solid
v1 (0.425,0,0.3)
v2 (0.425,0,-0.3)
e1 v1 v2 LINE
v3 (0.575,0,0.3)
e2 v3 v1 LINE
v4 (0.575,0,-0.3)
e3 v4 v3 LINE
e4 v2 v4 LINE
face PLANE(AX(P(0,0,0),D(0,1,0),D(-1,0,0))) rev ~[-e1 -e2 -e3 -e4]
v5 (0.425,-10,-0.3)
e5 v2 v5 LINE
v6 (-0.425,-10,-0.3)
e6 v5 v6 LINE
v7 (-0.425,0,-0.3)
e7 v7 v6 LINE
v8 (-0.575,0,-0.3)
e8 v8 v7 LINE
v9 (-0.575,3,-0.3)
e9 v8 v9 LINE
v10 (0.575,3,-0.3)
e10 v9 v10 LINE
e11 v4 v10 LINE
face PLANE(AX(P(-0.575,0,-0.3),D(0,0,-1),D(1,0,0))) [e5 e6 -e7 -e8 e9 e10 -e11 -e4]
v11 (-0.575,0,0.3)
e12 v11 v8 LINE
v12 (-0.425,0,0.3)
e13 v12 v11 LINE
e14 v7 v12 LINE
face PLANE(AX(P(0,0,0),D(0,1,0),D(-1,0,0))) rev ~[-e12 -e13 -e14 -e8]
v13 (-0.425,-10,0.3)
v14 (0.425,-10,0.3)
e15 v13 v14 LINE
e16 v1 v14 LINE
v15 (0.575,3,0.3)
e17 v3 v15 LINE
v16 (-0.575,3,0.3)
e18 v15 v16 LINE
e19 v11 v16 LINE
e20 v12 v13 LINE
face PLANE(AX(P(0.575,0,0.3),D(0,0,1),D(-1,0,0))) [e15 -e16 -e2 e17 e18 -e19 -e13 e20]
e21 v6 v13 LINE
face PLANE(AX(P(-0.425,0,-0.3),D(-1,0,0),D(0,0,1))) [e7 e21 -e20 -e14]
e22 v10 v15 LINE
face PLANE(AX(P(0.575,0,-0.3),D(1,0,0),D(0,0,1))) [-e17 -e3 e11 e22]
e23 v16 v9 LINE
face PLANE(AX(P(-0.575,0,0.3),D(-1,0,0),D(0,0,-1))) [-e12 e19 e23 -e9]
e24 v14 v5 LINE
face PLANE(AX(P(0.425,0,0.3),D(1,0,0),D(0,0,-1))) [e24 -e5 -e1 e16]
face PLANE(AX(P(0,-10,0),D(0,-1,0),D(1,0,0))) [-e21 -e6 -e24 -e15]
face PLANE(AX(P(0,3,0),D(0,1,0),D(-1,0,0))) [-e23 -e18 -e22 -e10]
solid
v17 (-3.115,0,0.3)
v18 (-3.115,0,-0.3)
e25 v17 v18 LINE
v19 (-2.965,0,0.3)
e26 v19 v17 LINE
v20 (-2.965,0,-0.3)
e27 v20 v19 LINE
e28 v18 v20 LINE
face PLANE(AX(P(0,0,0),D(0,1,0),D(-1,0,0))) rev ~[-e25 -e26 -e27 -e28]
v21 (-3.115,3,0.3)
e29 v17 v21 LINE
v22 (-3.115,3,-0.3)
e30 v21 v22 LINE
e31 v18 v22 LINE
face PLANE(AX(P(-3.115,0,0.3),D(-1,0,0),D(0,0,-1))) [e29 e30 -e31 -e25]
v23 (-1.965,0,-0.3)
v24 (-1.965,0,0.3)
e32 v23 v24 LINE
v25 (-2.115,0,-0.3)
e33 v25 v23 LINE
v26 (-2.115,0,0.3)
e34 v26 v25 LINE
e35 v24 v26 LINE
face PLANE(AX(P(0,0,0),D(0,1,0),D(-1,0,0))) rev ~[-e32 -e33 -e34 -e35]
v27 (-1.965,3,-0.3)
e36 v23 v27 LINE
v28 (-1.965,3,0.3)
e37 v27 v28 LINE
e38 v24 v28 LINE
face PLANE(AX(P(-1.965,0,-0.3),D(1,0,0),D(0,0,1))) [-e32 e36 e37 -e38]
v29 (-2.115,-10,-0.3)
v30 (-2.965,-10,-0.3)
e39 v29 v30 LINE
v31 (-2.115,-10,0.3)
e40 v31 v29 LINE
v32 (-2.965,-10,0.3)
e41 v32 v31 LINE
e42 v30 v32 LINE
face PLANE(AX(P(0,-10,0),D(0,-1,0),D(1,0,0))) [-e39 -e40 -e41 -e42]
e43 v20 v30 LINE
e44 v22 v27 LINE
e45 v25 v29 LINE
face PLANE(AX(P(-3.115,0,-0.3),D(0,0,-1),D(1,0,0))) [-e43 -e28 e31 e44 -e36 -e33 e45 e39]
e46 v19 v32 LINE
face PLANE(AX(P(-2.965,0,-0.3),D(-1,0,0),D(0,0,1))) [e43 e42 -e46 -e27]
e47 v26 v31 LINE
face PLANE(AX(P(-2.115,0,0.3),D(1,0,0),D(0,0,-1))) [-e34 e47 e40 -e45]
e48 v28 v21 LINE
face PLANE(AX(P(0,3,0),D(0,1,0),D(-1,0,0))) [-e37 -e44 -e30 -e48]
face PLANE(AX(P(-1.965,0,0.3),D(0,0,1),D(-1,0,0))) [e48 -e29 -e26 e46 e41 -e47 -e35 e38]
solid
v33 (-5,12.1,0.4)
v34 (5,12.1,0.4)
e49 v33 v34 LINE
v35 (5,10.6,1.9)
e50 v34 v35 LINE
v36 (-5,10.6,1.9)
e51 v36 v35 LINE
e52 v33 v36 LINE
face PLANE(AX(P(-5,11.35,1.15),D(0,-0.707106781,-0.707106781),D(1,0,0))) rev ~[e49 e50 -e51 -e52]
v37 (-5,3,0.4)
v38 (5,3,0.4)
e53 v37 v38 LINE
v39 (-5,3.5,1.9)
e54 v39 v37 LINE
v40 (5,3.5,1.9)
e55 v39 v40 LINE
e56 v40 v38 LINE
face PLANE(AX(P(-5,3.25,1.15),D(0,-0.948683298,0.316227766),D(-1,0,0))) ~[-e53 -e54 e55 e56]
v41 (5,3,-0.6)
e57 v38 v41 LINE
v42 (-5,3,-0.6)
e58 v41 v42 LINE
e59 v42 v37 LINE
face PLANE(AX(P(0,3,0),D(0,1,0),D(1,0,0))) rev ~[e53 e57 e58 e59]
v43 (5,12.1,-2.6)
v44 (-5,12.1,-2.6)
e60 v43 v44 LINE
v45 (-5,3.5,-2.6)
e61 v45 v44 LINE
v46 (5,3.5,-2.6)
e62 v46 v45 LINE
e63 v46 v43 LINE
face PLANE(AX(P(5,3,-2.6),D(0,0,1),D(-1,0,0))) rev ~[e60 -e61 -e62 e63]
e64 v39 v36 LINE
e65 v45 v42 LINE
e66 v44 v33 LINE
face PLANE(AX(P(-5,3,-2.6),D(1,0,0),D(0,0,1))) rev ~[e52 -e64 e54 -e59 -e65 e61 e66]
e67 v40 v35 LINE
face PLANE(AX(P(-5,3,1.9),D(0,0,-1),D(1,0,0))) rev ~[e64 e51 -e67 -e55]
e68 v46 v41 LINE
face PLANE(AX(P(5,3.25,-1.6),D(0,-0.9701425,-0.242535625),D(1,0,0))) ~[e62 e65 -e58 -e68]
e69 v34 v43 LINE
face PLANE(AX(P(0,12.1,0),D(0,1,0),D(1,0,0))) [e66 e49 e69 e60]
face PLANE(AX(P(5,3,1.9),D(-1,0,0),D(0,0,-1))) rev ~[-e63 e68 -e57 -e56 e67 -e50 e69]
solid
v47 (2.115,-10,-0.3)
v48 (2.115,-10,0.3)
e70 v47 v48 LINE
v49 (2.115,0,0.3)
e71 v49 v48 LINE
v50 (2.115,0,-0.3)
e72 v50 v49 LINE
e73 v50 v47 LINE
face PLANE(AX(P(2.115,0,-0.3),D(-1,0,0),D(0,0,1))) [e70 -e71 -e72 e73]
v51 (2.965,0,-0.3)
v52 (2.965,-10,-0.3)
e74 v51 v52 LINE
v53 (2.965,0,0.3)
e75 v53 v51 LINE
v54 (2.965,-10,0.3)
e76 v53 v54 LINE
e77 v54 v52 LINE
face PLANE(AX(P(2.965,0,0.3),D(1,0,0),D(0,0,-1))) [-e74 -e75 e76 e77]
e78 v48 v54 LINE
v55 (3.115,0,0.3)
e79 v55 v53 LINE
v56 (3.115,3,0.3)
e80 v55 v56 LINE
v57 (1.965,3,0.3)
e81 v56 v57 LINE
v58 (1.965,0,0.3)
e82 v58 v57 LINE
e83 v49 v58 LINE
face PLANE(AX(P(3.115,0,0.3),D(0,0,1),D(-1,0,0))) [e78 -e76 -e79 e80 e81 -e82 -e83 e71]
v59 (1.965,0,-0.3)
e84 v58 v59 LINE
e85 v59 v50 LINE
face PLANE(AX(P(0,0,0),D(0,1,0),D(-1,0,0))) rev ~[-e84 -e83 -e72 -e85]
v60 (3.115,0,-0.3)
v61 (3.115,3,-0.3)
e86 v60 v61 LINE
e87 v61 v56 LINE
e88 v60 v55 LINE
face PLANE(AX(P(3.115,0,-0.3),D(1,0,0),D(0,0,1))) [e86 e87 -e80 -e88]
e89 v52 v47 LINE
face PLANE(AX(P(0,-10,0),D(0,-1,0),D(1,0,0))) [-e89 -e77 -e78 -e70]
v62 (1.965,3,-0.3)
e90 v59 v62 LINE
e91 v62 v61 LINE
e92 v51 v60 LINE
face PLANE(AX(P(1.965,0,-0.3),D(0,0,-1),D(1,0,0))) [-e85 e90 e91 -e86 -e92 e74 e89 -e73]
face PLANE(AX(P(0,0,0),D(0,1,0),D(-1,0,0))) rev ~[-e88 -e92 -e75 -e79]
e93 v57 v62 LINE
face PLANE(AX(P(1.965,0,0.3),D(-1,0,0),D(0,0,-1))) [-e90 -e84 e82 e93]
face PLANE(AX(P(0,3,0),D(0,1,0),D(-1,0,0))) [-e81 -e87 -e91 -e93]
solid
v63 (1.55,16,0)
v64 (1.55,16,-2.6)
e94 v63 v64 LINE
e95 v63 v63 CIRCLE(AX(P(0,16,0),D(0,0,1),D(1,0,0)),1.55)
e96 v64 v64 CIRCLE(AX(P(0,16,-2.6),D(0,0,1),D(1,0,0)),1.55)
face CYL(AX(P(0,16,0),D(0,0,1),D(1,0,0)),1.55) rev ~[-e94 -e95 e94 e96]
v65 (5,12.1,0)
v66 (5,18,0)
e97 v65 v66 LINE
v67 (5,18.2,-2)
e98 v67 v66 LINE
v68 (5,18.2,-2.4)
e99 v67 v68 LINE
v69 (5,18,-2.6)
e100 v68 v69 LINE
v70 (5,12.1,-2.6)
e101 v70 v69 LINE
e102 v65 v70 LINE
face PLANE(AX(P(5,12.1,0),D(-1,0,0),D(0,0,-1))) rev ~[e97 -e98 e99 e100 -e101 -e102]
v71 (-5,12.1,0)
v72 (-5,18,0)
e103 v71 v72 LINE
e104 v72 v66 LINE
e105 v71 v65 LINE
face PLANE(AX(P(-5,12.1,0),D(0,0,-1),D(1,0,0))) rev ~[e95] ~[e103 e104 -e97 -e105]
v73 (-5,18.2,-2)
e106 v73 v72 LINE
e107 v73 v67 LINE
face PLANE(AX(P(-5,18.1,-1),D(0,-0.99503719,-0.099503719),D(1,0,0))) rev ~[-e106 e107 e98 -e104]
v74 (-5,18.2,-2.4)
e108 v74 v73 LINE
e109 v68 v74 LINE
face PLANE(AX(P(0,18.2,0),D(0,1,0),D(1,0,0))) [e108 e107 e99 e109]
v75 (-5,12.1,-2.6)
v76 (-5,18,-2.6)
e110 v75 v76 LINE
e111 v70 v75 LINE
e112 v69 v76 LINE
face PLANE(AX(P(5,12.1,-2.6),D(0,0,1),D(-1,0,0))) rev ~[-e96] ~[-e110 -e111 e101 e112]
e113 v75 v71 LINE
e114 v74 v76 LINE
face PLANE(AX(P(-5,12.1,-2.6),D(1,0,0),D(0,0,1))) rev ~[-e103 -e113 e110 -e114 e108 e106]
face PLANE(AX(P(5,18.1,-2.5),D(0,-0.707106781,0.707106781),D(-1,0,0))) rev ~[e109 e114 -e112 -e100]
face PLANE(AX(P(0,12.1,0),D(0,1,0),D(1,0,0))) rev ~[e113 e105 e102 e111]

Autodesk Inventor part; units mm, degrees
ref_plane "YZ Plane" through (0, 0, 0) normal (1, 0, 0) x (0, 1, 0)
ref_plane "XZ Plane" through (0, 0, 0) normal (0, 1, 0) x (-1, 0, 0)
ref_plane "XY Plane" through (0, 0, 0) normal (0, 0, 1) x (1, 0, 0)
sketch "Sketch1" plane through (0, 0, 0) normal (0, 1, 0) x (-1, 0, 0)
  line L0 (3.115, -0.3) -> (1.965, -0.3)
  line L1 (1.965, -0.3) -> (1.965, 0.3)
  line L2 (1.965, 0.3) -> (3.115, 0.3)
  line L3 (3.115, 0.3) -> (3.115, -0.3)
  line L4 (0.575, -0.3) -> (-0.575, -0.3)
  line L5 (-0.575, -0.3) -> (-0.575, 0.3)
  line L6 (-0.575, 0.3) -> (0.575, 0.3)
  line L7 (0.575, 0.3) -> (0.575, -0.3)
  line L8 (-1.965, -0.3) -> (-3.115, -0.3)
  line L9 (-3.115, -0.3) -> (-3.115, 0.3)
  line L10 (-3.115, 0.3) -> (-1.965, 0.3)
  line L11 (-1.965, 0.3) -> (-1.965, -0.3)
  point P0 (0, 0)
  point P1 (3.115, 0)
  point P2 (2.54, 0.3)
  point P3 (0, 0.3)
  point P4 (0.575, 0)
  point P5 (-2.54, 0.3)
  point P6 (-1.965, 0)
  point P7 (0, 0.3)
  dimension "d0" = 1.15
  dimension "d1" = 0.6
  dimension "d4" = 2.54
extrude "Extrusion1" add sketch "Sketch1" along normal blind 3
sketch "Sketch2" plane through (0, 0, 0) normal (0, -1, 0) x (1, 0, 0)
  line L0 (-0.575, 0.3) -> (0.575, 0.3) projected
  line L1 (0.575, -0.3) -> (-0.575, -0.3) projected
  line L2 (-0.425, 0.3) -> (0.425, 0.3)
  line L3 (0.425, 0.3) -> (0.425, -0.3)
  line L4 (0.425, -0.3) -> (-0.425, -0.3)
  line L5 (-0.425, -0.3) -> (-0.425, 0.3)
  line L6 (-3.115, 0.3) -> (-1.965, 0.3) projected
  line L7 (-2.965, 0.3) -> (-2.115, 0.3)
  line L8 (-2.115, 0.3) -> (-2.115, -0.3)
  line L9 (-2.115, -0.3) -> (-2.965, -0.3)
  line L10 (-2.965, -0.3) -> (-2.965, 0.3)
  line L11 (1.965, 0.3) -> (3.115, 0.3) projected
  line L12 (3.115, -0.3) -> (1.965, -0.3) projected
  line L13 (2.115, 0.3) -> (2.965, 0.3)
  line L14 (2.965, 0.3) -> (2.965, -0.3)
  line L15 (2.965, -0.3) -> (2.115, -0.3)
  line L16 (2.115, -0.3) -> (2.115, 0.3)
  line L17 (-1.965, -0.3) -> (-3.115, -0.3) projected
  point P0 (0, 0)
  point P1 (-2.54, 0.3)
  point P2 (-2.54, -0.3)
  point P3 (0, -0.3)
  point P4 (2.54, -0.3)
  dimension "d11" = 0.85
  dimension "d12" = 0.85
  dimension "d13" = 0.85
  dimension "d14" = 2.54
extrude "Extrusion2" add sketch "Sketch2" along normal blind 10
sketch "Sketch3" plane through (0, 3, 0) normal (0, 1, 0) x (1, 0, 0)
  line L0 (5, 2.6) -> (-5, 2.6)
  line L1 (-5, 2.6) -> (-5, -1.9)
  line L2 (-5, -1.9) -> (5, -1.9)
  line L3 (5, -1.9) -> (5, 2.6)
  point P0 (0, 0)
  point P1 (0, -1.9)
  dimension "d17" = 4.5
  dimension "d18" = 2.6
  dimension "d19" = 10
extrude "Extrusion3" add sketch "Sketch3" along normal blind 9.1 separate body
sketch "Sketch4" plane through (0, 12.1, 0) normal (0, 1, 0) x (1, 0, 0)
  line L0 (5, 2.6) -> (-5, 2.6) projected
  line L1 (-5, 2.6) -> (-5, -1.9) projected
  line L2 (5, 2.6) -> (-5, 2.6)
  line L3 (-5, 2.6) -> (-5, 0)
  line L4 (-5, 0) -> (5, 0)
  line L5 (5, 0) -> (5, 2.6)
  point P0 (0, 0)
  dimension "d22" = 2.6
extrude "Extrusion4" add sketch "Sketch4" along normal blind 6.1 bodies 1
sketch "Sketch5" plane through (-5, 12.1, 0) normal (0, 0, 1) x (1, 0, 0)
  circle A0 centre (5, 3.9) radius 1.55
  line L0 (0, -9.1) -> (10, -9.1) projected
  point P0 (5, -12.1)
  point P1 (5.425, -12.1)
  dimension "d25" = 16
  dimension "d26" = 3.1
extrude "Extrusion5" cut sketch "Sketch5" against normal through all bodies 1
chamfer "Chamfer1" distance 0.5 distance2 2 1 edges at (0, 3, -2.6) measured on face at (1.6667, 6.0333, -2.6)
chamfer "Chamfer2" distance 0.5 distance2 1.5 1 edges at (0, 3, 1.9) measured on face at (-1.6667, 6.0333, 1.9)
chamfer "Chamfer3" distance 1.5 distance2 1.5 1 edges at (0, 12.1, 1.9) measured on face at (-1.6667, 12.1, -1.1)
chamfer "Chamfer4" distance 2 distance2 0.2 1 edges at (0, 18.2, 0) measured on face at (-1.6667, 18.2, -0.8667)
chamfer "Chamfer5" distance 0.2 distance2 0.2 1 edges at (0, 18.2, -2.6) measured on face at (-1.6667, 18.2, -2.2)
equation "\"d0\" = fF1"
equation "\"d1\" = fE"
equation "\"d9\" = fG"
equation "\"d11\" = fF2"
equation "\"d12\" = fF2"
equation "\"d13\" = fF2"
equation "\"d15\" = fL4"
equation "\"d17\" = fA1"
equation "\"d18\" = fD1"
equation "\"d20\" = fL7"
equation "\"d22\" = fB1"
equation "\"d23\" = fL6 - fL7"
equation "\"d25\" = fL2"
equation "\"d26\" = fDia"
equation "\"d27\" = fL6 - fL7"
equation "\"fE\" = 0.6"
equation "\"fF1\" = 1.15"
equation "\"fG\" = 3"
equation "\"fF2\" = 0.85"
equation "\"fL4\" = 10"
equation "\"fA1\" = 4.5"
equation "\"fD1\" = 2.6"
equation "\"fH1\" = 1"
equation "\"fL7\" = 9.1"
equation "\"fB1\" = 2.6"
equation "\"fL6\" = 15.2"
equation "\"fL2\" = 16"
equation "\"fDia\" = 3.1"
properties part number "TO220" material "Rubber"
